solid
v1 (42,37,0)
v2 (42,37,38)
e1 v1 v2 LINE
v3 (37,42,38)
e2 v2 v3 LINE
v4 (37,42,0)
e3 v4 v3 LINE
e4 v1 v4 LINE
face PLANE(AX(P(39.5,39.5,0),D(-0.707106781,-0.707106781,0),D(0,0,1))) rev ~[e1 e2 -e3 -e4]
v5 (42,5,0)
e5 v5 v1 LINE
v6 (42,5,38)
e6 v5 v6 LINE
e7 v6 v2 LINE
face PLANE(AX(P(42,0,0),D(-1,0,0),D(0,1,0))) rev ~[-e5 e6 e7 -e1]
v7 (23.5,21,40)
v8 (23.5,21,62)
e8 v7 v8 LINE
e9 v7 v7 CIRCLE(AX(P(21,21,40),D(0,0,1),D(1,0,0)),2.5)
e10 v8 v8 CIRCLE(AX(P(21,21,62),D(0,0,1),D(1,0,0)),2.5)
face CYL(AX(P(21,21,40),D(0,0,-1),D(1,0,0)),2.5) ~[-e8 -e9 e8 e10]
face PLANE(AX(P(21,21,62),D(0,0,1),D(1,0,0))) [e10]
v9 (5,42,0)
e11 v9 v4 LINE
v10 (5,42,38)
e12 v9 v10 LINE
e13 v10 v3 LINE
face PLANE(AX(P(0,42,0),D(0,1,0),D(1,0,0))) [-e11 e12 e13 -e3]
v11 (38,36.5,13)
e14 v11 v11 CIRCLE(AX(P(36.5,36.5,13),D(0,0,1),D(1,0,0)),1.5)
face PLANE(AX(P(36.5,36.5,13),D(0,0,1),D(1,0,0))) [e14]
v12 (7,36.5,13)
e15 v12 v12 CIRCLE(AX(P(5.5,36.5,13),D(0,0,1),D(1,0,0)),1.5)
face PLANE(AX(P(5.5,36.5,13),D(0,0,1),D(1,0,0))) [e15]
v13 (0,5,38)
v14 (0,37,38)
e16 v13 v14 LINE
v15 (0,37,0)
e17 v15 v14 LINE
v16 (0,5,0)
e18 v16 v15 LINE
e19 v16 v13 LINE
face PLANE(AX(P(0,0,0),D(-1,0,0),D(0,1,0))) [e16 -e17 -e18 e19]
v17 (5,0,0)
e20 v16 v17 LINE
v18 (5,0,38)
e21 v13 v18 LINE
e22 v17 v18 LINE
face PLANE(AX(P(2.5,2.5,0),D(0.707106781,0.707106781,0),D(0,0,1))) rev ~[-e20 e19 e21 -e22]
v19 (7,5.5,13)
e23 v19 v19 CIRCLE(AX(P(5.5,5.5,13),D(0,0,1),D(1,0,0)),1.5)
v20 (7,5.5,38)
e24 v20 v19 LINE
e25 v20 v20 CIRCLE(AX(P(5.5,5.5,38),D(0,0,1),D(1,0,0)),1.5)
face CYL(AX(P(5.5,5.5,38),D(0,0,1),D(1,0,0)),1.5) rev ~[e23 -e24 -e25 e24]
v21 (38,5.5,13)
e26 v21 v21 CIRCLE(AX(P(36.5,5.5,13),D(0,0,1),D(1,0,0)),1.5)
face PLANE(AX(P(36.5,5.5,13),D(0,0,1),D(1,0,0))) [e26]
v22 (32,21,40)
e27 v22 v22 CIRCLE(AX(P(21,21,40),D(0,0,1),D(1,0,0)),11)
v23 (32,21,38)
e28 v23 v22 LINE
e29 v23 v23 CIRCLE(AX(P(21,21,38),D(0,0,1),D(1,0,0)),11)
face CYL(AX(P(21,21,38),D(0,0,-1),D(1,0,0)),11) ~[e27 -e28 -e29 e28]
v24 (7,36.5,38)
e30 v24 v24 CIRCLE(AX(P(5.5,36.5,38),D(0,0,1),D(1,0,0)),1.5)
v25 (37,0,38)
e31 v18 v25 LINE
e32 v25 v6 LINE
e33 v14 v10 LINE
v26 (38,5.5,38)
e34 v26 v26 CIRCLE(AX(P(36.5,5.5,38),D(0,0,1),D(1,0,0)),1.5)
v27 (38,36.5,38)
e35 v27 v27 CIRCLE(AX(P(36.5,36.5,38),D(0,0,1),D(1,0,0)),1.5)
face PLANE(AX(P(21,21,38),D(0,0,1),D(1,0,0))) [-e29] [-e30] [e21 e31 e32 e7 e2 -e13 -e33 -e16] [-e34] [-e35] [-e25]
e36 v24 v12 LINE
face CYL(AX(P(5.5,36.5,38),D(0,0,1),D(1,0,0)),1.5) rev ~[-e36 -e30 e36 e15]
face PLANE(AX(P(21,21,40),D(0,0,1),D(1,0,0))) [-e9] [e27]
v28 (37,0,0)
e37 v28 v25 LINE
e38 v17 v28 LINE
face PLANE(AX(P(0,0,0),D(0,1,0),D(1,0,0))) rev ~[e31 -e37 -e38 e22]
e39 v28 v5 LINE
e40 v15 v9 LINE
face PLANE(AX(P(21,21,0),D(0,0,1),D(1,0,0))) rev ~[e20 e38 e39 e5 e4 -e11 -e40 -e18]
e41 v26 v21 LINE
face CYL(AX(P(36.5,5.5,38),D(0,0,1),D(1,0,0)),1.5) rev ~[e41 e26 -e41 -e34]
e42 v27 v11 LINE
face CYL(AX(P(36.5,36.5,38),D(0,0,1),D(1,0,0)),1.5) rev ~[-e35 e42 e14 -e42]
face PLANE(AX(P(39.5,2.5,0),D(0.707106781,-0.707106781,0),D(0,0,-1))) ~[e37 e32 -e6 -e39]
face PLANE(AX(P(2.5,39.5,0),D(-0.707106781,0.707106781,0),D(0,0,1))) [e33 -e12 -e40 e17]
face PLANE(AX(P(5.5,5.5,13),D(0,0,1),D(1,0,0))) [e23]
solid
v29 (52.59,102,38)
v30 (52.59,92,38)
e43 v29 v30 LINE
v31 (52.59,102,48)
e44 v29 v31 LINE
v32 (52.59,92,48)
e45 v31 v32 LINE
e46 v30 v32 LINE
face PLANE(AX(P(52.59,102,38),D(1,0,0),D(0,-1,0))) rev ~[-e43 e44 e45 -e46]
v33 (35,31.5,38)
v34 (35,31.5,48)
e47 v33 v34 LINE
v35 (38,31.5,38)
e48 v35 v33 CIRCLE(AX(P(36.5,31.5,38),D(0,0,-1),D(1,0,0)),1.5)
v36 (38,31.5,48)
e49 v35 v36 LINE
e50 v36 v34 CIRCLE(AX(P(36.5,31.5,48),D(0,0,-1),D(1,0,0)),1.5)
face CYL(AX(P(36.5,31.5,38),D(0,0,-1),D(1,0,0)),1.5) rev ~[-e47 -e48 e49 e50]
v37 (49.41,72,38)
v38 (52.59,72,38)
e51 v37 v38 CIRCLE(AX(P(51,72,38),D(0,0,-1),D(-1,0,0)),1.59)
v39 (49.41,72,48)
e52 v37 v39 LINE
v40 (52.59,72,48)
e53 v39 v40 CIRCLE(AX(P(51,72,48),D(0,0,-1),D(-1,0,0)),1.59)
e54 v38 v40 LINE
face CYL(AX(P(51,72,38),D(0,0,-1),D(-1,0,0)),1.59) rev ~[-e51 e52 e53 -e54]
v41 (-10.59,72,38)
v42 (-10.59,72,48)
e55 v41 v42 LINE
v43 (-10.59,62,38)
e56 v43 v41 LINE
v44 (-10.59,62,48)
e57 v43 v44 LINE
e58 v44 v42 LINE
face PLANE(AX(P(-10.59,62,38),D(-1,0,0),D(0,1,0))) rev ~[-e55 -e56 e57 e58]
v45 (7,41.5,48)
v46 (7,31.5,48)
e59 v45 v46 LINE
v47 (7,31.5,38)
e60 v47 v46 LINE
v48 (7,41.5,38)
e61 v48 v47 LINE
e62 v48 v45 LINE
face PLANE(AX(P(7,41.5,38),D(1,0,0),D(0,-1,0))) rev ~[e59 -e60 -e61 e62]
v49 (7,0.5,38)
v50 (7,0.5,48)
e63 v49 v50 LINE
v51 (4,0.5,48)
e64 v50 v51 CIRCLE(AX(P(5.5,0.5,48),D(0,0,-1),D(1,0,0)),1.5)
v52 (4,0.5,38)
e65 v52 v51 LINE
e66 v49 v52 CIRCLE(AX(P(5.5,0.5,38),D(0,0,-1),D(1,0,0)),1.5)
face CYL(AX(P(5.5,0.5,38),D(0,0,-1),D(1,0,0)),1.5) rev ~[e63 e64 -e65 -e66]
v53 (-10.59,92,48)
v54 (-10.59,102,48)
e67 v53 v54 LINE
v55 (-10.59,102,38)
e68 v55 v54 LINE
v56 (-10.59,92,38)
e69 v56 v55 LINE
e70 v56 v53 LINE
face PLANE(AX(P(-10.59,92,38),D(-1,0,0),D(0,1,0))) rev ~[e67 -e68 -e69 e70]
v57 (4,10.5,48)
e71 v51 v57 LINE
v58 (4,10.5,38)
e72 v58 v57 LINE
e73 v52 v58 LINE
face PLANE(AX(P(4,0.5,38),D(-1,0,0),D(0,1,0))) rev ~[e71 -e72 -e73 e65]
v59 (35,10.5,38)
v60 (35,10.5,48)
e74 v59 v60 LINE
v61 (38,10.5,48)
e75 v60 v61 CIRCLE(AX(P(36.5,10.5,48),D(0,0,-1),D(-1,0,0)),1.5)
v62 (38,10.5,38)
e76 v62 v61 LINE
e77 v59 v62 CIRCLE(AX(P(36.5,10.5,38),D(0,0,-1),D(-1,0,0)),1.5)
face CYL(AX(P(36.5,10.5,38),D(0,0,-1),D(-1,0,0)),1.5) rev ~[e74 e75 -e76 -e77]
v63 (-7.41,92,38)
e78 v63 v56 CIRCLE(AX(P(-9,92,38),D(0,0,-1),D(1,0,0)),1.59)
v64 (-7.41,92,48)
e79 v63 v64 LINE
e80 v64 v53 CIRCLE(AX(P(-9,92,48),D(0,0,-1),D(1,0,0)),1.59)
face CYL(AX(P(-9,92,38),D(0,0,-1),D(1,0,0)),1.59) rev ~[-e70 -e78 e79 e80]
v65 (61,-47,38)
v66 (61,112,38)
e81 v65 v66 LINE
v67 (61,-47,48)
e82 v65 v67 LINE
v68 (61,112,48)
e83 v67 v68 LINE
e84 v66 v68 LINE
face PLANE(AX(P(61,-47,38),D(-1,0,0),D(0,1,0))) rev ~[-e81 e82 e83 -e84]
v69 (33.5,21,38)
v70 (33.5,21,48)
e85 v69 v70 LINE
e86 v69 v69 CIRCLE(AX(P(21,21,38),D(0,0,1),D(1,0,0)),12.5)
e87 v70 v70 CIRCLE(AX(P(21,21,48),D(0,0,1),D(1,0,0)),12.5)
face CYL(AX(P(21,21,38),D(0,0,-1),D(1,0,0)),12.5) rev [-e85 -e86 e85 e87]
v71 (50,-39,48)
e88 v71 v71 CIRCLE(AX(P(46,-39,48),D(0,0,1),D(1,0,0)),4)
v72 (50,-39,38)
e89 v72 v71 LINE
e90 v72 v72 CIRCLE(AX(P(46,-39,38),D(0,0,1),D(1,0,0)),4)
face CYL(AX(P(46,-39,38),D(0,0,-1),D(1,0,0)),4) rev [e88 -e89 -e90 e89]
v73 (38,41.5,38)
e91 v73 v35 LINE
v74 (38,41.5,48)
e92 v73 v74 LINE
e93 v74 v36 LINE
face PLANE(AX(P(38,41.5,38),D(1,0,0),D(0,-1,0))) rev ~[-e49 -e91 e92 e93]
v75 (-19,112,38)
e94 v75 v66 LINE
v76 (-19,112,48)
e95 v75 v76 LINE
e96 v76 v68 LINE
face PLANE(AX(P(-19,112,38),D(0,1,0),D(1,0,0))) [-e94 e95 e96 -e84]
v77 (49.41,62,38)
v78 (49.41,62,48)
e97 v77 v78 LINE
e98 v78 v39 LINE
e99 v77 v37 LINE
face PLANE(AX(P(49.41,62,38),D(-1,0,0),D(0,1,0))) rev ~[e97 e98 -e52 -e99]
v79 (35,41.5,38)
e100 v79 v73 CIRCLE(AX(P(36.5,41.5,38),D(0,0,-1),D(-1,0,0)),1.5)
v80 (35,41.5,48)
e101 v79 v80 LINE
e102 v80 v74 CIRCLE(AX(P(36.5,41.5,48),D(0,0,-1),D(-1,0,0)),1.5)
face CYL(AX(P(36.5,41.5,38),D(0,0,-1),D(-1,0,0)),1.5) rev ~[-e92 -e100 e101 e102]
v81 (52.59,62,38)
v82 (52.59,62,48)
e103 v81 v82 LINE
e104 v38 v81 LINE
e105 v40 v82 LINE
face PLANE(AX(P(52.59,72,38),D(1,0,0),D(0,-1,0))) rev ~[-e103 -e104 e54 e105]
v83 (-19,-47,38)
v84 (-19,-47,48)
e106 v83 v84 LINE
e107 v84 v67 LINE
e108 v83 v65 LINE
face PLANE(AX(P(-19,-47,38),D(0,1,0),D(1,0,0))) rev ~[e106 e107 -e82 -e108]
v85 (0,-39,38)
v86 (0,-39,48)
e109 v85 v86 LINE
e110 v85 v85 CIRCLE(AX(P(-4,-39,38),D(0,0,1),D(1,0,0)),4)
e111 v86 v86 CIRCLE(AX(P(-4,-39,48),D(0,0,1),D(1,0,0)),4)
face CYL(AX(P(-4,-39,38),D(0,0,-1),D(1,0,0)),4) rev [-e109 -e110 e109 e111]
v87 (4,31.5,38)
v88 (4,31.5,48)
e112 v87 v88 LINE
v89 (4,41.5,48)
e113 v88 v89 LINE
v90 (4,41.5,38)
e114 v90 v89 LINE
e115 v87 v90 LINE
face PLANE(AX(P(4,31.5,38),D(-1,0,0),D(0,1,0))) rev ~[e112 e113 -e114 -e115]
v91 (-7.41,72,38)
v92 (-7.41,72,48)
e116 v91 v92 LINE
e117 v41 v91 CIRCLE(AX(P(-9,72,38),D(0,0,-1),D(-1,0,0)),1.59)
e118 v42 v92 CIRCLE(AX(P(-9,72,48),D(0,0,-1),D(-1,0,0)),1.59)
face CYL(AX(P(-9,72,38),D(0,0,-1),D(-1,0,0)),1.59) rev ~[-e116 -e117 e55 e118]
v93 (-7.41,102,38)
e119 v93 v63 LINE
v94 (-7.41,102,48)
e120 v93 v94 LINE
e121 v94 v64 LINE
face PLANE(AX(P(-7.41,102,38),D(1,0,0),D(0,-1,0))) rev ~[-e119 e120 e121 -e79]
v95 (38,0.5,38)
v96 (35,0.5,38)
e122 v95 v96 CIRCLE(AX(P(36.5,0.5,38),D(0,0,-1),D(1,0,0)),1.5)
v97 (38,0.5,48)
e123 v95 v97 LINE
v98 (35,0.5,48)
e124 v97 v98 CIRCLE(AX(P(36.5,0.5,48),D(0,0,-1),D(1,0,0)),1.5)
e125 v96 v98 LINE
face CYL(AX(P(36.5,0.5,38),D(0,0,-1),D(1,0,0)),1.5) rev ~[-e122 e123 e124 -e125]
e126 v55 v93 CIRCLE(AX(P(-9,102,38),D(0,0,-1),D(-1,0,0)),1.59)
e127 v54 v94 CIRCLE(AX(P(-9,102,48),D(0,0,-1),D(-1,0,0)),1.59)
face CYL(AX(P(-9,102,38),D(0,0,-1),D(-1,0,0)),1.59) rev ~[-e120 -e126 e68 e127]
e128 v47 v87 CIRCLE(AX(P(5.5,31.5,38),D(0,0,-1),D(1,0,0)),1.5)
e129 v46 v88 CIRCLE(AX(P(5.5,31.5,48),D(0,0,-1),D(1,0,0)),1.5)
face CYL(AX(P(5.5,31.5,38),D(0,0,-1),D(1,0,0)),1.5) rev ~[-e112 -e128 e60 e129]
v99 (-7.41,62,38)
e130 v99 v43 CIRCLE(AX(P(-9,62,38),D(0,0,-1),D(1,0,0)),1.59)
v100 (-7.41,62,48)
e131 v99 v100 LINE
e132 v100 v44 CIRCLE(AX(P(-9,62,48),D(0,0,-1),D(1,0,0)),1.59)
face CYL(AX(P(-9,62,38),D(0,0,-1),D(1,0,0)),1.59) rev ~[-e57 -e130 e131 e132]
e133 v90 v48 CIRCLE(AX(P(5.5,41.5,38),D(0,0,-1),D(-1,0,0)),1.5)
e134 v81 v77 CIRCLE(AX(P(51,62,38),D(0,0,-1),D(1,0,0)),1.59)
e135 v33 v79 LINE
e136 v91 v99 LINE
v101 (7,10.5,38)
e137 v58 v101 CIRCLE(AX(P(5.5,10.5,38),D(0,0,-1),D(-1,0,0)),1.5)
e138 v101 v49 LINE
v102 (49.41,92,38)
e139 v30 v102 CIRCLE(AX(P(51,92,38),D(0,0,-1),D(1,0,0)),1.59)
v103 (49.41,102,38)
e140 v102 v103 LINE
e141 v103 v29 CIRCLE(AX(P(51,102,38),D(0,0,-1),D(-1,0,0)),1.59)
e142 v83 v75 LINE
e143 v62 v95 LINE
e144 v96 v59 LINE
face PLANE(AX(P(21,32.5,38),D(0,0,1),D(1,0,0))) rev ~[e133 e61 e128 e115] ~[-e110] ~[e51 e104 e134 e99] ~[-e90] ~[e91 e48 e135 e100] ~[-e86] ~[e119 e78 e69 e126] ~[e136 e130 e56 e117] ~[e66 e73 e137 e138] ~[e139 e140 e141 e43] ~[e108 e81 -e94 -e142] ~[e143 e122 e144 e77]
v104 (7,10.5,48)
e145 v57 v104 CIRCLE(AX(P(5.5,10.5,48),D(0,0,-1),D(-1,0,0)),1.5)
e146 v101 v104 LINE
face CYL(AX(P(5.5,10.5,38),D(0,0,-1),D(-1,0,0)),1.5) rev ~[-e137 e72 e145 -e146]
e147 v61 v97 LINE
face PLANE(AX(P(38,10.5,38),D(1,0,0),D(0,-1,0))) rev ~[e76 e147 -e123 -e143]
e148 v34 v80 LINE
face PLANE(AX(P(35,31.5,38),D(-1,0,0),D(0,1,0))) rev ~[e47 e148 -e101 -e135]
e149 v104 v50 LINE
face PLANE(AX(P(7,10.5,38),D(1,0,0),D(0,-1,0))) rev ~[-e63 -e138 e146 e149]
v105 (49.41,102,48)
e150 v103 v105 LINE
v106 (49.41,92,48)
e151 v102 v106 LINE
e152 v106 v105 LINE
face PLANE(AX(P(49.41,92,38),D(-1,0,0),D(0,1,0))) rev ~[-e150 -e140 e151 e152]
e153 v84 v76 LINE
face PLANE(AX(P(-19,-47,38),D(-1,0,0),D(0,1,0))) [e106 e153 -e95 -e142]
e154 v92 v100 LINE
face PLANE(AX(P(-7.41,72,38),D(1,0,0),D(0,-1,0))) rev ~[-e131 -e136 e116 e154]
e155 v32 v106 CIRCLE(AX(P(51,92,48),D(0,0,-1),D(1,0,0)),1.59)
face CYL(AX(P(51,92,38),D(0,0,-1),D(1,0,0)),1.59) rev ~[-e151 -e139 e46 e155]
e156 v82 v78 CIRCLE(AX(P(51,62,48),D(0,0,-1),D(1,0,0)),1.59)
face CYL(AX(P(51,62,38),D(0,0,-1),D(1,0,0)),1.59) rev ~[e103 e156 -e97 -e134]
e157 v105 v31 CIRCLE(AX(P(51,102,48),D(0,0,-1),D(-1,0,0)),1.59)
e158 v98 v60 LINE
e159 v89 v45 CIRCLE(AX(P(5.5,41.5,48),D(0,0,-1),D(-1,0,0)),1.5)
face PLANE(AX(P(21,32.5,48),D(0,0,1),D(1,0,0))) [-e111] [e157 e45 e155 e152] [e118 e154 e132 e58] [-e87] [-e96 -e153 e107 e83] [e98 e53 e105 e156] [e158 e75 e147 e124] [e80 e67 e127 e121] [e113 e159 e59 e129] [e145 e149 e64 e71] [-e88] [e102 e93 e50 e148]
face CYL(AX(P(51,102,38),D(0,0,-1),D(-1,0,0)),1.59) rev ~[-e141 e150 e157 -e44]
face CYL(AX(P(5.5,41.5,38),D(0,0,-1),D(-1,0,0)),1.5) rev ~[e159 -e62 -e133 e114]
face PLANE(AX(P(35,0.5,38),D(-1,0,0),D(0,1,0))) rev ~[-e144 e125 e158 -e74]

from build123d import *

# Parameters (mm, degrees)
F0_W      = 42
F0_H      = 42
F1_DEPTH  = 38
F2_SIZE   = 5
F3_R      = 11
F4_DEPTH  = 2
F5_R      = 2.5
F6_DEPTH  = 22
F7_R      = 1.5
F8_DEPTH  = 25
F9_W      = 80
F9_H      = 159
F9_R      = 4
F9_R_2    = 12.5
F10_DEPTH = 10


with BuildPart() as f1:
    # F0 (on Top) → F1 (new body)
    with BuildSketch(Plane.XY):
        with Locations((21, 21)):
            Rectangle(F0_W, F0_H)
    extrude(amount=F1_DEPTH)

    # F2
    f2_edges = [f1.edges().sort_by_distance(p)[0] for p in [
        (0, 0, 19),
        (0, 42, 19),
        (42, 0, 19),
        (42, 42, 19),
    ]]
    chamfer(f2_edges, length=F2_SIZE)

    # F3 (on face) → F4 (join)
    with BuildSketch(Plane.XY.offset(38)):
        with Locations((21, 21)):
            Circle(F3_R)
    extrude(amount=F4_DEPTH)

    # F5 (on face) → F6 (join)
    with BuildSketch(Plane.XY.offset(40)):
        with Locations((21, 21)):
            Circle(F5_R)
    extrude(amount=F6_DEPTH)

    # F7 (on face) → F8 (cut)
    with BuildSketch(Plane.XY.offset(38)):
        with Locations((5.5, 36.5)):
            Circle(F7_R)
        with Locations((5.5, 5.5)):
            Circle(F7_R)
        with Locations((36.5, 36.5)):
            Circle(F7_R)
        with Locations((36.5, 5.5)):
            Circle(F7_R)
    extrude(amount=-F8_DEPTH, mode=Mode.SUBTRACT)


with BuildPart() as f10:
    # F9 (on face) → F10 (new body)
    with BuildSketch(Plane.XY.offset(38)):
        with Locations((21, 32.5)):
            Rectangle(F9_W, F9_H)
        with Locations((-4, -39)):
            Circle(F9_R, mode=Mode.SUBTRACT)
        with BuildLine():
            ThreePointArc((7, 0.5), (5.5, -1), (4, 0.5))
            Line((4, 0.5), (4, 10.5))
            ThreePointArc((4, 10.5), (5.5, 12), (7, 10.5))
            Line((7, 10.5), (7, 0.5))
        make_face(mode=Mode.SUBTRACT)
        with Locations((46, -39)):
            Circle(F9_R, mode=Mode.SUBTRACT)
        with BuildLine():
            Line((38, 10.5), (38, 0.5))
            ThreePointArc((38, 0.5), (36.5, -1), (35, 0.5))
            Line((35, 0.5), (35, 10.5))
            ThreePointArc((35, 10.5), (36.5, 12), (38, 10.5))
        make_face(mode=Mode.SUBTRACT)
        with Locations((21, 21)):
            Circle(F9_R_2, mode=Mode.SUBTRACT)
        with BuildLine():
            ThreePointArc((-10.59, 72), (-9, 73.59), (-7.41, 72))
            Line((-7.41, 72), (-7.41, 62))
            ThreePointArc((-7.41, 62), (-9, 60.41), (-10.59, 62))
            Line((-10.59, 62), (-10.59, 72))
        make_face(mode=Mode.SUBTRACT)
        with BuildLine():
            Line((4, 31.5), (4, 41.5))
            ThreePointArc((4, 41.5), (5.5, 43), (7, 41.5))
            Line((7, 41.5), (7, 31.5))
            ThreePointArc((7, 31.5), (5.5, 30), (4, 31.5))
        make_face(mode=Mode.SUBTRACT)
        with BuildLine():
            Line((-10.59, 92), (-10.59, 102))
            ThreePointArc((-10.59, 102), (-9, 103.59), (-7.41, 102))
            Line((-7.41, 102), (-7.41, 92))
            ThreePointArc((-7.41, 92), (-9, 90.41), (-10.59, 92))
        make_face(mode=Mode.SUBTRACT)
        with BuildLine():
            Line((35, 31.5), (35, 41.5))
            ThreePointArc((35, 41.5), (36.5, 43), (38, 41.5))
            Line((38, 41.5), (38, 31.5))
            ThreePointArc((38, 31.5), (36.5, 30), (35, 31.5))
        make_face(mode=Mode.SUBTRACT)
        with BuildLine():
            ThreePointArc((49.41, 72), (51, 73.59), (52.59, 72))
            Line((52.59, 72), (52.59, 62))
            ThreePointArc((52.59, 62), (51, 60.41), (49.41, 62))
            Line((49.41, 62), (49.41, 72))
        make_face(mode=Mode.SUBTRACT)
        with BuildLine():
            ThreePointArc((49.41, 102), (51, 103.59), (52.59, 102))
            Line((52.59, 102), (52.59, 92))
            ThreePointArc((52.59, 92), (51, 90.41), (49.41, 92))
            Line((49.41, 92), (49.41, 102))
        make_face(mode=Mode.SUBTRACT)
    extrude(amount=F10_DEPTH)


solid = Compound([f1.part, f10.part])
